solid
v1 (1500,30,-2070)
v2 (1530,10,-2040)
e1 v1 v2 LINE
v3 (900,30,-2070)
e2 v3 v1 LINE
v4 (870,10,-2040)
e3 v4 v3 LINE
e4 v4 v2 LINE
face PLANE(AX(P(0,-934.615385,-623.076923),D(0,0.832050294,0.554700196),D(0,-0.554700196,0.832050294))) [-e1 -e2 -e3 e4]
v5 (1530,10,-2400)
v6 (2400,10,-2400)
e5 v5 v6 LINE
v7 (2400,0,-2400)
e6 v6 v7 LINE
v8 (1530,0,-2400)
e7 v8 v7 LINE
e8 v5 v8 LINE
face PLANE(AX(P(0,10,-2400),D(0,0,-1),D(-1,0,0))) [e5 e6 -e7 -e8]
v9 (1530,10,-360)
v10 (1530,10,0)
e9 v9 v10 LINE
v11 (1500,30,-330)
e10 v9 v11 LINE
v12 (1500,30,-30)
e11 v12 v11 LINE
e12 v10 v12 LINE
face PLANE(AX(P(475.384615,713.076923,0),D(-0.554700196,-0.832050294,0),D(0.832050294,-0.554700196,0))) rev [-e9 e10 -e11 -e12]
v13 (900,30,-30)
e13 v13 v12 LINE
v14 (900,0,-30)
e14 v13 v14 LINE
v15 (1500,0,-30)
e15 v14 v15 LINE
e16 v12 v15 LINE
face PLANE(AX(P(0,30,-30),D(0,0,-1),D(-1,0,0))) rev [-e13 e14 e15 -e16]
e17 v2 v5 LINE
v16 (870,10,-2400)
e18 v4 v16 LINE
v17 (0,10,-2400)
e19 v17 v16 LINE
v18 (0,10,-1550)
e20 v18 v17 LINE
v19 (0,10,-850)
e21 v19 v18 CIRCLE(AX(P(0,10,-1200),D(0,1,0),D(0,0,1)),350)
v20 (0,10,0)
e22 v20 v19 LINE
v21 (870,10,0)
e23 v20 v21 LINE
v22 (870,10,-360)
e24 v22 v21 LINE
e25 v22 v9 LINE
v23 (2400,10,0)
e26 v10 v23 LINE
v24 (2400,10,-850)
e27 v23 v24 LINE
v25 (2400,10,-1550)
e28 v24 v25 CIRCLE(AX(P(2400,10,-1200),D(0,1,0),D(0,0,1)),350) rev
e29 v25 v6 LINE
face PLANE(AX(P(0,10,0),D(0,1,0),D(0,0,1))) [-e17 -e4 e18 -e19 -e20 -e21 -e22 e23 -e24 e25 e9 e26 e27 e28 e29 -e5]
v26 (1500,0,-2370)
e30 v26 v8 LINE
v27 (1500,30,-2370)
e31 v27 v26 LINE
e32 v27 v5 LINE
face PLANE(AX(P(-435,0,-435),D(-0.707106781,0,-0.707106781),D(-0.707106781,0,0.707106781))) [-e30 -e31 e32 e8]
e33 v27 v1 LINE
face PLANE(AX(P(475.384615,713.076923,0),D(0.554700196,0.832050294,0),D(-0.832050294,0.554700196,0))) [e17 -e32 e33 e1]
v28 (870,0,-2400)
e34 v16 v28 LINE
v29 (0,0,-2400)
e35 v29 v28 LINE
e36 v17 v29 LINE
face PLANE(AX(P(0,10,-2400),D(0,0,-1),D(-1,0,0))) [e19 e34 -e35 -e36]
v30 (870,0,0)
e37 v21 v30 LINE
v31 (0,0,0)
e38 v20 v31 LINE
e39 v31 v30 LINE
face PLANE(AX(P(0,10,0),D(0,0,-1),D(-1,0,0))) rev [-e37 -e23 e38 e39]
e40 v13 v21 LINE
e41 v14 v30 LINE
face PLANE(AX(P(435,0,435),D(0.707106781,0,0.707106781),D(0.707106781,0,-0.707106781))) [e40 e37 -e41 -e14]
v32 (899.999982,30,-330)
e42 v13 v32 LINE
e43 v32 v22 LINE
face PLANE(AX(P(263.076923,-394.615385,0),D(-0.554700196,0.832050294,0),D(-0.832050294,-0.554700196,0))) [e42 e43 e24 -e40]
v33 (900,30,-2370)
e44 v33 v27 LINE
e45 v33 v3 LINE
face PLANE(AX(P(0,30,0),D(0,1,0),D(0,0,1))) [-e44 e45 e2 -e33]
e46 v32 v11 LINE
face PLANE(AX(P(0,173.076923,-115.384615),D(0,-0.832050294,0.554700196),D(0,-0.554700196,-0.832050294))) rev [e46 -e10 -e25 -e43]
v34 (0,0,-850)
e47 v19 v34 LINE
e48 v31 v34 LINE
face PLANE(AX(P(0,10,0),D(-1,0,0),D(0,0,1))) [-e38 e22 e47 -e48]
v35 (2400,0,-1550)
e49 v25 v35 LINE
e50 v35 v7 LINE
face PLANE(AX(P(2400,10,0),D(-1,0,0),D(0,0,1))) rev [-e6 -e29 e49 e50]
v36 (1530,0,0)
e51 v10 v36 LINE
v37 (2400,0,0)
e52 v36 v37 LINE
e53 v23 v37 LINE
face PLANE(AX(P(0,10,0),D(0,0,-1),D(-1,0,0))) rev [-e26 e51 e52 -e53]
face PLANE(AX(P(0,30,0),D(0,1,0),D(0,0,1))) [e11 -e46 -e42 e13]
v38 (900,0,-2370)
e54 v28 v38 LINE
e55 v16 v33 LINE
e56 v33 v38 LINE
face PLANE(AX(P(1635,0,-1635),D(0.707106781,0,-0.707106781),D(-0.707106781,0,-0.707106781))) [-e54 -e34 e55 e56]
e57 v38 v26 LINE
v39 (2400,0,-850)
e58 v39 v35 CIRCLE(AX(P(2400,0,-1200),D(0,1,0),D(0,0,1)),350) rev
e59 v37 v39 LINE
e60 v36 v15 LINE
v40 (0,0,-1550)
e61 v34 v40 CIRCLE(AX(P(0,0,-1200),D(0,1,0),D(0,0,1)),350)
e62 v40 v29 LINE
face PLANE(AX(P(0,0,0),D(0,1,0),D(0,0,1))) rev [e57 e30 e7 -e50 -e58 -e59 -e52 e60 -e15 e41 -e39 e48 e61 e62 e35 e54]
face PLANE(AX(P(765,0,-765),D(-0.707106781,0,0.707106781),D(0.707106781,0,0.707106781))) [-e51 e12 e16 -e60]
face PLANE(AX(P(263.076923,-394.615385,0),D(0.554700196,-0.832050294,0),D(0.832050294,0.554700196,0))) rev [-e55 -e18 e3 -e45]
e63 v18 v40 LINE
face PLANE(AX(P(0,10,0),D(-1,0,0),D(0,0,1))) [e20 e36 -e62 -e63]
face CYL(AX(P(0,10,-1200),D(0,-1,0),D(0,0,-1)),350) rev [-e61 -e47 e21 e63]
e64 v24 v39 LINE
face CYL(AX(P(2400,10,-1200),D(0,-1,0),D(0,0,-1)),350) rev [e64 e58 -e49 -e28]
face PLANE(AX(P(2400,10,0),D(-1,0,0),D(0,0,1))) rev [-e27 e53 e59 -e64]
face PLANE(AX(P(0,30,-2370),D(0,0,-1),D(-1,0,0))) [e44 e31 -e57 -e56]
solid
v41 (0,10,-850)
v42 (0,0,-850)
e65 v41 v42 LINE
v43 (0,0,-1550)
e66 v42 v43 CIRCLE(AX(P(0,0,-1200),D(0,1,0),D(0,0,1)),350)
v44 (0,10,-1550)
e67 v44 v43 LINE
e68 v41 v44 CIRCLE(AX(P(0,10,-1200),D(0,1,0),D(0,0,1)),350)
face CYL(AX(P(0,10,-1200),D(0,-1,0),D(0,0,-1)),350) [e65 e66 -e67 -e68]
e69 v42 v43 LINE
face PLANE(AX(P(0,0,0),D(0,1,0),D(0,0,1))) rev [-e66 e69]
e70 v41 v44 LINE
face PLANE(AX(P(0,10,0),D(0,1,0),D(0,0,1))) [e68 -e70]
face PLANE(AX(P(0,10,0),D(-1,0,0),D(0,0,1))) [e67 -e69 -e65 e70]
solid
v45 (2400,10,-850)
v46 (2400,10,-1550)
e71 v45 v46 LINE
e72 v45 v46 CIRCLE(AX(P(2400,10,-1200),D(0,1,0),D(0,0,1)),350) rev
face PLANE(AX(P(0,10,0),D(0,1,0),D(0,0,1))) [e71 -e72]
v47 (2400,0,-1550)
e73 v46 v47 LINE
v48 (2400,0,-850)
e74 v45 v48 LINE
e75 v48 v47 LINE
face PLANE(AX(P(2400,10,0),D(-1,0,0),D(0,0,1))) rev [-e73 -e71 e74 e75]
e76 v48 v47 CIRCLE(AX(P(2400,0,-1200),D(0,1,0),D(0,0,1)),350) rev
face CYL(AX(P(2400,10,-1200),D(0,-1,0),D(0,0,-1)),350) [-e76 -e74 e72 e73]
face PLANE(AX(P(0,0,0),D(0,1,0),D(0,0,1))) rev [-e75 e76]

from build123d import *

# Parameters (mm, degrees)
EXTRUDE_18_DEPTH = 10
EXTRUDE_21_DEPTH = 10
EXTRUDE_22_DEPTH = 10
SKETCH_1_27_W    = 600
SKETCH_1_27_H    = 300
EXTRUDE_24_DEPTH = 30
SKETCH_1_28_W    = 600
SKETCH_1_28_H    = 300
EXTRUDE_25_DEPTH = 30


with BuildPart() as part:
    # 草图1<20> → 凸台-拉伸18 (new body)
    with BuildSketch(Plane(origin=(0, 0, 0), x_dir=(1, 0, 0), z_dir=(0, 1, 0))):
        with BuildLine():
            Line((0, 850), (0, 0))
            Line((0, 0), (870, 0))
            Line((870, 0), (870, 360))
            Line((870, 360), (1530, 360))
            Line((1530, 360), (1530, 0))
            Line((1530, 0), (2400, 0))
            Line((2400, 0), (2400, 850))
            ThreePointArc((2400, 850), (2050, 1200), (2400, 1550))
            Line((2400, 1550), (2400, 2400))
            Line((2400, 2400), (1530, 2400))
            Line((1530, 2400), (1530, 2040))
            Line((1530, 2040), (870, 2040))
            Line((870, 2040), (870, 2400))
            Line((870, 2400), (0, 2400))
            Line((0, 2400), (0, 1550))
            ThreePointArc((0, 1550), (350, 1200), (0, 850))
        make_face()
    extrude(amount=EXTRUDE_18_DEPTH)



with BuildPart() as body_2:
    # 草图1<23> → 凸台-拉伸21 (new body)
    with BuildSketch(Plane(origin=(0, 0, 0), x_dir=(1, 0, 0), z_dir=(0, 1, 0))):
        with BuildLine():
            Line((0, 1550), (0, 850))
            ThreePointArc((0, 850), (350, 1200), (0, 1550))
        make_face()
    extrude(amount=EXTRUDE_21_DEPTH)


with BuildPart() as body_3:
    # 草图1 → 凸台-拉伸22 (new body)
    with BuildSketch(Plane(origin=(0, 0, 0), x_dir=(1, 0, 0), z_dir=(0, 1, 0))):
        with BuildLine():
            ThreePointArc((2400, 1550), (2050, 1200), (2400, 850))
            Line((2400, 850), (2400, 1550))
        make_face()
    extrude(amount=EXTRUDE_22_DEPTH)


with BuildPart() as body_4:
    # 草图1<27> → 凸台-拉伸24 (new body)
    with BuildSketch(Plane(origin=(0, 0, 0), x_dir=(1, 0, 0), z_dir=(0, 1, 0))):
        with Locations((1200, 180)):
            Rectangle(SKETCH_1_27_W, SKETCH_1_27_H)
    extrude(amount=EXTRUDE_24_DEPTH)


with BuildPart() as part_1:
    add(part.part)

    add(body_4.part)  # loft_6 joins it to this body
    # loft from a face of the part (loft_6)
    loft([part_1.faces().sort_by_distance((1530, 5, -180))[0], part_1.faces().sort_by_distance((1500, 15, -180))[0]])

    # loft from a face of the part (loft_7)
    loft([part_1.faces().sort_by_distance((900, 15, -180))[0], part_1.faces().sort_by_distance((870, 5, -180))[0]])

    # loft from a face of the part (loft_8)
    loft([part_1.faces().sort_by_distance((1200, 5, -360))[0], part_1.faces().sort_by_distance((1200, 15, -330))[0]])



with BuildPart() as body_4_2:
    # 草图1<28> → 凸台-拉伸25 (new body)
    with BuildSketch(Plane(origin=(0, 0, 0), x_dir=(1, 0, 0), z_dir=(0, 1, 0))):
        with Locations((1200, 2220)):
            Rectangle(SKETCH_1_28_W, SKETCH_1_28_H)
    extrude(amount=EXTRUDE_25_DEPTH)


with BuildPart() as part_2:
    add(part_1.part)

    add(body_4_2.part)  # loft_9 joins it to this body
    # loft from a face of the part (loft_9)
    loft([part_2.faces().sort_by_distance((870, 5, -2220))[0], part_2.faces().sort_by_distance((900, 15, -2220))[0]])

    # loft from a face of the part (loft_10)
    loft([part_2.faces().sort_by_distance((1200, 15, -2070))[0], part_2.faces().sort_by_distance((1200, 5, -2040))[0]])

    # loft from a face of the part (loft_11)
    loft([part_2.faces().sort_by_distance((1500, 15, -2220))[0], part_2.faces().sort_by_distance((1530, 5, -2220))[0]])


solid = Compound([body_2.part, body_3.part, part_2.part])
